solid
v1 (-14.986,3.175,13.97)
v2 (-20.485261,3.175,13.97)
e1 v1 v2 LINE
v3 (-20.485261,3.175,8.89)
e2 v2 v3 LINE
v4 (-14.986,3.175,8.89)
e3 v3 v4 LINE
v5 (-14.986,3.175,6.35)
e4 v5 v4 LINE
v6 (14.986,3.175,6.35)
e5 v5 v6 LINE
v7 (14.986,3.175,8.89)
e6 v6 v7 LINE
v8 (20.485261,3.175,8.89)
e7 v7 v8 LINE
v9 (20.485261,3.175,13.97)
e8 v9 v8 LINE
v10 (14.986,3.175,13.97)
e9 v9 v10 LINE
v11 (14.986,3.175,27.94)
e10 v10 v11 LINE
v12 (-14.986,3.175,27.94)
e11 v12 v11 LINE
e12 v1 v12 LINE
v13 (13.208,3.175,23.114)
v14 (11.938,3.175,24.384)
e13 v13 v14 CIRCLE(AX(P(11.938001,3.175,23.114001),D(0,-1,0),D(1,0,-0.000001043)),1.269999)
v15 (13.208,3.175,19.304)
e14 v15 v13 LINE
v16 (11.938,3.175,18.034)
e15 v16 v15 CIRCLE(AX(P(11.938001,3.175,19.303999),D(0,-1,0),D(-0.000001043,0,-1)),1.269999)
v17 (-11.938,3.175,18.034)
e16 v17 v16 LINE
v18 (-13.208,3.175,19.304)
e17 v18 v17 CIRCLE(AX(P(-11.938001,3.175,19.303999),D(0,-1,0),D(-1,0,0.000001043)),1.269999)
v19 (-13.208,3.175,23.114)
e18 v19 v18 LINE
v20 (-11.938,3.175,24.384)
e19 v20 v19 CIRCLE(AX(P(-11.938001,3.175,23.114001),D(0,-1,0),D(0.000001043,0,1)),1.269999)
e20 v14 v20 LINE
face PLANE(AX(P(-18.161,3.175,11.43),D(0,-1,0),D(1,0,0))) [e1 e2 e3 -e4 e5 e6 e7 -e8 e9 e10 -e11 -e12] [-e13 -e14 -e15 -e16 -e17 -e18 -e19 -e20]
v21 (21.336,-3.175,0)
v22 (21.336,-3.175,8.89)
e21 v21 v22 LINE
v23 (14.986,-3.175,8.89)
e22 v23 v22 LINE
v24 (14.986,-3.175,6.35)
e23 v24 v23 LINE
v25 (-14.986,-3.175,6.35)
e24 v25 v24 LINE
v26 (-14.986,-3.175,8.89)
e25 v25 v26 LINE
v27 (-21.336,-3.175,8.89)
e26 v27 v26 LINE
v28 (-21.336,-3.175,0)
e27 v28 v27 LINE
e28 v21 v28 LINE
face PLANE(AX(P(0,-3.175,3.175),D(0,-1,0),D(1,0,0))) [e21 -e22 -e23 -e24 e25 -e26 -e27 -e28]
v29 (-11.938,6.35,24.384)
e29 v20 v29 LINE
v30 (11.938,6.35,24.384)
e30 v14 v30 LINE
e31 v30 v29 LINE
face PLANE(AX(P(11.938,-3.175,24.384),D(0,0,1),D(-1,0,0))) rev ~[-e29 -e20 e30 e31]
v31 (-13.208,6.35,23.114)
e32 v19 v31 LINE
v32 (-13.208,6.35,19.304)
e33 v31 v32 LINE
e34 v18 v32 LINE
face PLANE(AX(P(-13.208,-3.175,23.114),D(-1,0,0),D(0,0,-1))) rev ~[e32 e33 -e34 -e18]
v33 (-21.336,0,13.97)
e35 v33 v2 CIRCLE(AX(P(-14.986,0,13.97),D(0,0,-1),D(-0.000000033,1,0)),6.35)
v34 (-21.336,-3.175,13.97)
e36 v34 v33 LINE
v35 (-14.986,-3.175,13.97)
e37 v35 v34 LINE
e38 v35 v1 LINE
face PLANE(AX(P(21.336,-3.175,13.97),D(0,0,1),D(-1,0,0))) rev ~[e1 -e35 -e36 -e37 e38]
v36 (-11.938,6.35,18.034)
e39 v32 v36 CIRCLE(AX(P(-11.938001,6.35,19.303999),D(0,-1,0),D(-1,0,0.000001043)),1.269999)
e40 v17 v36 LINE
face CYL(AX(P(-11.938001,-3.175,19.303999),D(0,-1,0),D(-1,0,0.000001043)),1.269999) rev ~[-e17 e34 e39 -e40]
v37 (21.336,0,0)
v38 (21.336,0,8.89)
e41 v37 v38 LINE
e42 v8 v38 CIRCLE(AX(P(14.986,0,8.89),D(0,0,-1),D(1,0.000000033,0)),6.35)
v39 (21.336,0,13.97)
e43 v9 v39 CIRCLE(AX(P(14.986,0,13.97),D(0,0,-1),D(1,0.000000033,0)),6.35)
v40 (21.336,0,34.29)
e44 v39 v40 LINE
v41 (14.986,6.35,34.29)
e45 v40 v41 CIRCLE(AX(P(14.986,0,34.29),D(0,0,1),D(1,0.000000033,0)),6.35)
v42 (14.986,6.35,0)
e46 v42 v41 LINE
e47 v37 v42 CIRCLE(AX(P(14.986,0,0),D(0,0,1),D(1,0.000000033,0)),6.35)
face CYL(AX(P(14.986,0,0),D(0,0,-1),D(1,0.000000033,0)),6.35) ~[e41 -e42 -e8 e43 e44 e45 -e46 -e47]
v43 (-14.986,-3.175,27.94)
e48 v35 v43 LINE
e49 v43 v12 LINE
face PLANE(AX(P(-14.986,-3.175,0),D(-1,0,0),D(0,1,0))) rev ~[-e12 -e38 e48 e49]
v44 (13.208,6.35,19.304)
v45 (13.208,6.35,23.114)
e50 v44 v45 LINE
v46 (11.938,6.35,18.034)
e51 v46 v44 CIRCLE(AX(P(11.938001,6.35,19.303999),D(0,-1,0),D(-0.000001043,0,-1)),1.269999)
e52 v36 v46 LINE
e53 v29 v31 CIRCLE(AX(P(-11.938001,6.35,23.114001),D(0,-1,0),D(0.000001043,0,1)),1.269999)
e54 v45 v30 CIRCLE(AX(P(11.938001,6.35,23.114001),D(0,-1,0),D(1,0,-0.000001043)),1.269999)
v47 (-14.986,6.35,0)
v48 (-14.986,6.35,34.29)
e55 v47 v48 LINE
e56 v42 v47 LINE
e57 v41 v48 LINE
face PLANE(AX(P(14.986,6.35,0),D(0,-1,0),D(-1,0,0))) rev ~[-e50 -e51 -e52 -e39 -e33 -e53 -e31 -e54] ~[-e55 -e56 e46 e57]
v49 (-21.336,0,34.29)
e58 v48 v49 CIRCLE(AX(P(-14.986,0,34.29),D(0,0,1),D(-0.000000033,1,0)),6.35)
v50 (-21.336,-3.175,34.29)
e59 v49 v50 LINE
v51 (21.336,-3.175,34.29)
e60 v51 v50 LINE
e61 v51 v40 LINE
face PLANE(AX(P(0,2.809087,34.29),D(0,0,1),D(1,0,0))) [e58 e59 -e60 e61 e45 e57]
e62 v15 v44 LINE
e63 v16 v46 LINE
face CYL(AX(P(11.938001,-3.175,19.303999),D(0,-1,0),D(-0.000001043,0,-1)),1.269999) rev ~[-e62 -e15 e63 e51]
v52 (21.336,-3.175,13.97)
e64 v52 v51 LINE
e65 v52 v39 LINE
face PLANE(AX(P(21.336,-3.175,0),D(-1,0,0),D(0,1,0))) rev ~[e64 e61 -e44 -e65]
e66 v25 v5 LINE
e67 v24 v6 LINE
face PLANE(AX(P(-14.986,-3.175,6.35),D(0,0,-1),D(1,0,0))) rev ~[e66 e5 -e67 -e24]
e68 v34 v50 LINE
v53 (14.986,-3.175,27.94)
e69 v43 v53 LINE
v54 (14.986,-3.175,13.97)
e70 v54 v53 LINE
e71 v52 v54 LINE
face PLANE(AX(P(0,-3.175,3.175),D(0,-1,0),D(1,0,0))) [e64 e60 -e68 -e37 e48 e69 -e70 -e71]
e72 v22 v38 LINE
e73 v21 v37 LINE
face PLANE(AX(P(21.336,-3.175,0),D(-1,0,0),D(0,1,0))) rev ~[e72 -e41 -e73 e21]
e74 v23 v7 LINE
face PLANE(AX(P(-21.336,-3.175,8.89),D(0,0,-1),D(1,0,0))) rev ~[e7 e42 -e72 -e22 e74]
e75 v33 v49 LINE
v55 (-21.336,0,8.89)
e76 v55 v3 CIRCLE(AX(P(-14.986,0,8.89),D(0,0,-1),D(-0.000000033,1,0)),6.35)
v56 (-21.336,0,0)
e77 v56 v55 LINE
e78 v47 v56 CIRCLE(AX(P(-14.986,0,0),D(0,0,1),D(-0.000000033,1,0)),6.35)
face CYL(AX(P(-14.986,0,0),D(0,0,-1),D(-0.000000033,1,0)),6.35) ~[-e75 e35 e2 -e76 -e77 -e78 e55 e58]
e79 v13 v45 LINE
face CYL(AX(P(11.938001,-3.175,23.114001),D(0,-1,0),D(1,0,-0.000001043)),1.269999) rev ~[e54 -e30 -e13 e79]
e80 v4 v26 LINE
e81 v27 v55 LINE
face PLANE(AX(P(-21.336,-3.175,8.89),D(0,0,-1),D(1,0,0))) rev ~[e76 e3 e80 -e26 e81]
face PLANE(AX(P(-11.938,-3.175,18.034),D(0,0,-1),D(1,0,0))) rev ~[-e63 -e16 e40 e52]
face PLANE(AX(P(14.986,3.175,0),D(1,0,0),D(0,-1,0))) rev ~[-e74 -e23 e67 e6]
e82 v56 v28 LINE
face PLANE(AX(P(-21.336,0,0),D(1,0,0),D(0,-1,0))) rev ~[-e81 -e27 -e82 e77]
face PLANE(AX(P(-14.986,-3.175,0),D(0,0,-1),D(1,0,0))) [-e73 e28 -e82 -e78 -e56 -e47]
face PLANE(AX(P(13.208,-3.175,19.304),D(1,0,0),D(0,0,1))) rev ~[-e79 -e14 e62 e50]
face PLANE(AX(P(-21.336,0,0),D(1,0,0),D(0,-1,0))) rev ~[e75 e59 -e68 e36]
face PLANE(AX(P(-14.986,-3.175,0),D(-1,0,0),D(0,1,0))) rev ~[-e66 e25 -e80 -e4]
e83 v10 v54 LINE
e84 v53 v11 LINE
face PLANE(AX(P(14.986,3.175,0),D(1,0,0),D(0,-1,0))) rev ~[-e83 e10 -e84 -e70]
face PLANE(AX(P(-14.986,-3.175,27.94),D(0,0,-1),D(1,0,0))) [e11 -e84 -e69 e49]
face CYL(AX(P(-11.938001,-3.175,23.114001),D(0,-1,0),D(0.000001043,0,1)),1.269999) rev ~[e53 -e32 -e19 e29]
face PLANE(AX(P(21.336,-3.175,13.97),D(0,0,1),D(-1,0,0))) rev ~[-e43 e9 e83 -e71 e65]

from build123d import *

# Parameters (mm, degrees)
F1_DEPTH = 34.29
F2_W     = 29.972
F2_H     = 6.35
F3_DEPTH = 6.35
F2_W_2   = 6.35
F2_H_2   = 5.08
F2_W_3   = 36.322
F4_DEPTH = 6.35
F5_DEPTH = 9.526


with BuildPart() as f1:
    # F0 (on Top) → F1 (new body)
    with BuildSketch(Plane.XY):
        with BuildLine():
            Line((-21.336, -3.175), (-14.986, -3.175))
            Line((-14.986, -3.175), (-14.986, 3.175))
            Line((-14.986, 3.175), (14.986, 3.175))
            Line((14.986, 3.175), (14.986, -3.175))
            Line((14.986, -3.175), (21.336, -3.175))
            Line((21.336, -3.175), (21.336, 0))
            ThreePointArc((21.336, 0), (19.476128, 4.490128), (14.986, 6.35))
            Line((14.986, 6.35), (-14.986, 6.35))
            ThreePointArc((-14.986, 6.35), (-19.476128, 4.490128), (-21.336, 0))
            Line((-21.336, 0), (-21.336, -3.175))
        make_face()
    extrude(amount=F1_DEPTH)

    # F2 (on face) → F3 (join, through all)
    with BuildSketch(Plane.XZ.offset(3.175)):
        with Locations((0, 3.175)):
            Rectangle(F2_W, F2_H)
        with Locations((0, 31.115)):
            Rectangle(F2_W, F2_H)
    extrude(amount=-F3_DEPTH)

    # F2 (on face) → F4 (cut, through all)
    with BuildSketch(Plane.XZ.offset(3.175)):
        with Locations((-18.161, 11.43)):
            Rectangle(F2_W_2, F2_H_2)
        with Locations((3.175, 11.43)):
            Rectangle(F2_W_3, F2_H_2)
    extrude(amount=-F4_DEPTH, mode=Mode.SUBTRACT)

    # F2 (on face) → F5 (cut, through all)
    with BuildSketch(Plane.XZ.offset(3.175)):
        with BuildLine():
            ThreePointArc((-13.208, 19.304), (-12.836026, 18.405974), (-11.938, 18.034))
            Line((-11.938, 18.034), (0, 18.034))
            Line((0, 18.034), (11.938, 18.034))
            ThreePointArc((11.938, 18.034), (12.836026, 18.405974), (13.208, 19.304))
            Line((13.208, 19.304), (13.208, 23.114))
            ThreePointArc((13.208, 23.114), (12.836026, 24.012026), (11.938, 24.384))
            Line((11.938, 24.384), (-11.938, 24.384))
            ThreePointArc((-11.938, 24.384), (-12.836026, 24.012026), (-13.208, 23.114))
            Line((-13.208, 23.114), (-13.208, 19.304))
        make_face()
    extrude(amount=-F5_DEPTH, mode=Mode.SUBTRACT)


solid = f1.part
